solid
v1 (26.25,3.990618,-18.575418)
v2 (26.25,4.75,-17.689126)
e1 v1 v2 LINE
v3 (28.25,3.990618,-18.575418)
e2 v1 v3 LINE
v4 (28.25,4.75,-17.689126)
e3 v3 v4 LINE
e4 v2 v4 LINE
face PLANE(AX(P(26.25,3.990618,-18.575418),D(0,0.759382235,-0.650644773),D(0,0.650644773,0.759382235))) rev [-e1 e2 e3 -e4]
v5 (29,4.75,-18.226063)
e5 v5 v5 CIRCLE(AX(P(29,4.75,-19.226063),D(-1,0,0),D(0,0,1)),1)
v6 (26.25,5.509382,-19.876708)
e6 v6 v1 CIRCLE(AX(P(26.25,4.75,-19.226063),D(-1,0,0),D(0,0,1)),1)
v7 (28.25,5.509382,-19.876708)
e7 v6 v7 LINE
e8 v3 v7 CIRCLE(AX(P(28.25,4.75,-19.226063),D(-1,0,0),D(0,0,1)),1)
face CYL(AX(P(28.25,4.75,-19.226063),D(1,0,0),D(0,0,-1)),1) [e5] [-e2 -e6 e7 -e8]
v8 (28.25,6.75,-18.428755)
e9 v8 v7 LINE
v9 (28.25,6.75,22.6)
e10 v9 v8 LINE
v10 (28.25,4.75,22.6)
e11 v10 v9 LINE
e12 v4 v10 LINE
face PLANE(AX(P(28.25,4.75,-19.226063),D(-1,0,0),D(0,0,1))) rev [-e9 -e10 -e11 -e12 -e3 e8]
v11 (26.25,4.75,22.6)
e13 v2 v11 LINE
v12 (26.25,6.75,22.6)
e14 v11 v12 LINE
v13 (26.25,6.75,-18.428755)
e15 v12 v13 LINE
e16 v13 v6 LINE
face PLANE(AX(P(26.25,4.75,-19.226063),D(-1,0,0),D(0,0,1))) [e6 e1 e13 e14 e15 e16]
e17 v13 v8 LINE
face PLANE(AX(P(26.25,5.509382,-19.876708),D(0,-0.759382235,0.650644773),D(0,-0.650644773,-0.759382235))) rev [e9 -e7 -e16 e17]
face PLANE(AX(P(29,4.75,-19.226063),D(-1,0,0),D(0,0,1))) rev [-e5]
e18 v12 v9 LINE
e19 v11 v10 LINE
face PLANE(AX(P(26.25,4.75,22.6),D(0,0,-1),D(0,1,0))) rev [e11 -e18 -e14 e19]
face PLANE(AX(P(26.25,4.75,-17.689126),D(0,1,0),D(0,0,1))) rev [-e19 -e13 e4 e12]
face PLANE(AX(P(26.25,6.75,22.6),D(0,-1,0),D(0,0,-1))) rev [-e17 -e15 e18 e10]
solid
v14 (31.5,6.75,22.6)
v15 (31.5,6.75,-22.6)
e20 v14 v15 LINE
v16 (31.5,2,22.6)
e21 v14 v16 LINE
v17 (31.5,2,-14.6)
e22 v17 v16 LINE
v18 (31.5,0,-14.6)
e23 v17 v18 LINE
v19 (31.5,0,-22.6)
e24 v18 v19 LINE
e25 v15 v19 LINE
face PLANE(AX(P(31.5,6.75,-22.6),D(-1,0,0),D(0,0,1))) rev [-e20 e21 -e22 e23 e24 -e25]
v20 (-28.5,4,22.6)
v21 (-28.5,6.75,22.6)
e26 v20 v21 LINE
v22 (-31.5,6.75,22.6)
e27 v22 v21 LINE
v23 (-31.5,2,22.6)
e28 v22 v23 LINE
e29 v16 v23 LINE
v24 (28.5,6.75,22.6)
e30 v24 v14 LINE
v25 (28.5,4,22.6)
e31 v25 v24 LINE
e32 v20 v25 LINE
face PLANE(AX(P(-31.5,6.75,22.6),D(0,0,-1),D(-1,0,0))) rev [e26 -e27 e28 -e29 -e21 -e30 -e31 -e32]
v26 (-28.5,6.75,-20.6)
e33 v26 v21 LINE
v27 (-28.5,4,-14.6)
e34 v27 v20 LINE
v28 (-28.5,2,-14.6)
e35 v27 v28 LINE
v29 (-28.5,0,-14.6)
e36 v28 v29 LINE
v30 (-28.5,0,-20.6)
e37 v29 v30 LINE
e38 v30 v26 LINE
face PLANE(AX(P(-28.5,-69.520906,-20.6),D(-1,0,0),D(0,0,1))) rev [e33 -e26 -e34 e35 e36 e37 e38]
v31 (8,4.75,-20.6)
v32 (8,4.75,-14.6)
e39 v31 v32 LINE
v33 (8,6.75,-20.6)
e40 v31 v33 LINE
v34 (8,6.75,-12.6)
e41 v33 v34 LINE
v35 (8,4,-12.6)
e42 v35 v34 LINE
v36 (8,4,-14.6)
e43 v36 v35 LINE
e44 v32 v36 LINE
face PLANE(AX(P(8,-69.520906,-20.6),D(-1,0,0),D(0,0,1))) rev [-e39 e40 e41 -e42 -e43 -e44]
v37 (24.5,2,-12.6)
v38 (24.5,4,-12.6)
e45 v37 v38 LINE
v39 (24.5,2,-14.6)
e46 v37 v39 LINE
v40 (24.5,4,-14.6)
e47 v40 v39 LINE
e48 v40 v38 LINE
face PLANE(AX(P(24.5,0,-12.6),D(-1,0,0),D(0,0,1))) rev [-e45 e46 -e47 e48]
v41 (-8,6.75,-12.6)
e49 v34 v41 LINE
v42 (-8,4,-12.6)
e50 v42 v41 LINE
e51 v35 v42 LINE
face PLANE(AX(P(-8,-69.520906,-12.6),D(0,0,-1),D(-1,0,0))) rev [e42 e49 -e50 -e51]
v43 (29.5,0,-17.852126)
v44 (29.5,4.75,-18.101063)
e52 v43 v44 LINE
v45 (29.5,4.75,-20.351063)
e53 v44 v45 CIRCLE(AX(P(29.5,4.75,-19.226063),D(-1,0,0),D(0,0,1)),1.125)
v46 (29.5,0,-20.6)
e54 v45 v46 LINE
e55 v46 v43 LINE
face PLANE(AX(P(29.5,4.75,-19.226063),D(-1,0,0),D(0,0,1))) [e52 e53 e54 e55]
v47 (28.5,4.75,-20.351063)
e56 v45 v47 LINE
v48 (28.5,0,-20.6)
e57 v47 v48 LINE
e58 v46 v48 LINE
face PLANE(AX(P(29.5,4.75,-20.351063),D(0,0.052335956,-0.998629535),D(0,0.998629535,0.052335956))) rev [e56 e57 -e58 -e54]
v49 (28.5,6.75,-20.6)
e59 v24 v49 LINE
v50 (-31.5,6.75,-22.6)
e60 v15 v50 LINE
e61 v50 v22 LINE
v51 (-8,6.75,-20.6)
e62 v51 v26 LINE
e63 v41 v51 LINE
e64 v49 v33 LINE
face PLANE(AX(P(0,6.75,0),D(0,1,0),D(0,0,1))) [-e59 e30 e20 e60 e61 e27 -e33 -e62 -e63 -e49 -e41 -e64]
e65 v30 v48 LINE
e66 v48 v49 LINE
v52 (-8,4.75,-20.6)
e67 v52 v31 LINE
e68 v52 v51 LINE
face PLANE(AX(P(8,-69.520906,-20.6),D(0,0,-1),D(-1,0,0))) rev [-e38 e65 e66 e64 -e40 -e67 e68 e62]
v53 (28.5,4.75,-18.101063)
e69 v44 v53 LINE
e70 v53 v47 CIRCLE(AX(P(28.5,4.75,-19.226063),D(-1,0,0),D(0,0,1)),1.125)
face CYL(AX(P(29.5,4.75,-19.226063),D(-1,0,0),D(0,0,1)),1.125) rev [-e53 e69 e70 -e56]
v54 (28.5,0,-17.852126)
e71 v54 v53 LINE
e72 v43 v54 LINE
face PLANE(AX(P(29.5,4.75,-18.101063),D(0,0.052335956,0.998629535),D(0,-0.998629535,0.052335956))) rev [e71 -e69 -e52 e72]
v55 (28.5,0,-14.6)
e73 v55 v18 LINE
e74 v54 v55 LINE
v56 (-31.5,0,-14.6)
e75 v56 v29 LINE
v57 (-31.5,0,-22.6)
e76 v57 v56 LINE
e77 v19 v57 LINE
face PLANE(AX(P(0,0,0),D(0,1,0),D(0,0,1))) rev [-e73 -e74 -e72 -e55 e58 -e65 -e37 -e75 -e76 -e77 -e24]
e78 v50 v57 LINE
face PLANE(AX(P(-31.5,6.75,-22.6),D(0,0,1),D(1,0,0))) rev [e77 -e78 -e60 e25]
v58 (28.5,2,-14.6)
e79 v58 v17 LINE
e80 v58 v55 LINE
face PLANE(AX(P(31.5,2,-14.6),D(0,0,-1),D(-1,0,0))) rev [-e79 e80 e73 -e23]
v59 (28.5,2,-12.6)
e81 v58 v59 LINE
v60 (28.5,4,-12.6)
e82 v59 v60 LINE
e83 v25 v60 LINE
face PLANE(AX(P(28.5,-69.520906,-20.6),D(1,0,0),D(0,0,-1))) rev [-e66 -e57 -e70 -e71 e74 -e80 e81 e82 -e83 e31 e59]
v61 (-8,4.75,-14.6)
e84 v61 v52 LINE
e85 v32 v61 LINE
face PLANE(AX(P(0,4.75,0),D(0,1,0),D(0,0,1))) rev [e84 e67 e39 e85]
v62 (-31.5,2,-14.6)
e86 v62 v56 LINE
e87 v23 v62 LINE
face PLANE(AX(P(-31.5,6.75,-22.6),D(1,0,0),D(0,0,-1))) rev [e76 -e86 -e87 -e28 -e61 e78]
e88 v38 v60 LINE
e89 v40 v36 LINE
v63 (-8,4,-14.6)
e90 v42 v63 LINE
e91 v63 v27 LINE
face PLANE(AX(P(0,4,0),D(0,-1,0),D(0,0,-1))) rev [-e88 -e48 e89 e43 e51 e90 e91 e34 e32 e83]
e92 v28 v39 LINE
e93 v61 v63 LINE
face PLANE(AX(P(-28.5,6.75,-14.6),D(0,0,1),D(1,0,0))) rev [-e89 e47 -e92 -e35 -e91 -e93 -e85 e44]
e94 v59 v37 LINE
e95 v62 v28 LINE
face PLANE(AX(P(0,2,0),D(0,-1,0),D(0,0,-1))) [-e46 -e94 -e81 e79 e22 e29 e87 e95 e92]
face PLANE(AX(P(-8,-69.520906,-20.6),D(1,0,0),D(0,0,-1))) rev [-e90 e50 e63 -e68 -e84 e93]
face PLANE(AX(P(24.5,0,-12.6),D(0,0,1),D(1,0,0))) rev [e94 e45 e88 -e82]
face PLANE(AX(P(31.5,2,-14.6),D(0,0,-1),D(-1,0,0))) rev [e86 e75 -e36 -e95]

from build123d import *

# Parameters (mm, degrees)
SKETCH1_W           = 63
SKETCH1_H           = 45.2
BOSS_EXTRUDE1_DEPTH = 6.75
SKETCH2_W           = 63
SKETCH2_H           = 37.2
CUT_EXTRUDE1_DEPTH  = 2
CUT_EXTRUDE2_DEPTH  = 2.75
SKETCH4_W           = 20.5
SKETCH4_H           = 6
CUT_EXTRUDE3_DEPTH  = 40.351905926
SKETCH5_W           = 16
SKETCH5_H           = 6
CUT_EXTRUDE4_DEPTH  = 4.75
CUT_EXTRUDE5_DEPTH  = 1
BOSS_EXTRUDE2_START = 0.5
SKETCH7_R           = 1
BOSS_EXTRUDE2_DEPTH = 0.75
BOSS_EXTRUDE3_DEPTH = 2
CUT_EXTRUDE6_DEPTH  = 39.974478829


with BuildPart() as part:
    # Sketch1 → Boss-Extrude1 (new body)
    with BuildSketch(Plane(origin=(0, 0, 0), x_dir=(1, 0, 0), z_dir=(0, 1, 0))):
        Rectangle(SKETCH1_W, SKETCH1_H)
    extrude(amount=BOSS_EXTRUDE1_DEPTH)

    # Sketch2 → Cut-Extrude1 (cut)
    with BuildSketch(Plane.XZ):
        with Locations((0, 4)):
            Rectangle(SKETCH2_W, SKETCH2_H)
    extrude(amount=-CUT_EXTRUDE1_DEPTH, mode=Mode.SUBTRACT)

    # Sketch3 → Cut-Extrude2 (cut)
    with BuildSketch(Plane(origin=(0, 6.75, 0), x_dir=(1, 0, 0), z_dir=(0, 1, 0))):
        Polygon((-28.5, 20.6), (-8, 20.6), (-8, 12.6), (8, 12.6), (8, 20.6), (28.5, 20.6), (28.5, -22.6), (-28.5, -22.6), align=None)
    extrude(amount=-CUT_EXTRUDE2_DEPTH, mode=Mode.SUBTRACT)

    # Sketch4 → Cut-Extrude3 (cut, through all)
    with BuildSketch(Plane.XZ):
        with Locations((-18.25, -17.6)):
            Rectangle(SKETCH4_W, SKETCH4_H)
        with Locations((18.25, -17.6)):
            Rectangle(SKETCH4_W, SKETCH4_H)
    extrude(amount=-CUT_EXTRUDE3_DEPTH, mode=Mode.SUBTRACT)

    # Sketch5 → Cut-Extrude4 (cut)
    with BuildSketch(Plane.XZ):
        with Locations((0, -17.6)):
            Rectangle(SKETCH5_W, SKETCH5_H)
    extrude(amount=-CUT_EXTRUDE4_DEPTH, mode=Mode.SUBTRACT)

    # Sketch6 → Cut-Extrude5 (cut)
    with BuildSketch(Plane.ZY.offset(-28.5)):
        with BuildLine():
            Line((-20.351063048, 4.75), (-20.6, 0))
            Line((-20.6, 0), (-17.852126097, 0))
            Line((-17.852126097, 0), (-18.101063048, 4.75))
            ThreePointArc((-18.101063048, 4.75), (-19.226063048, 5.875), (-20.351063048, 4.75))
        make_face()
    extrude(amount=-CUT_EXTRUDE5_DEPTH, mode=Mode.SUBTRACT)

    # Sketch9 → Cut-Extrude6 (cut, through all)
    with BuildSketch(Plane(origin=(0, 4, 0), x_dir=(1, 0, 0), z_dir=(0, 1, 0))):
        Polygon((8, 20.6), (28.5, 20.6), (28.5, 12.6), (24.5, 12.6), (24.5, 14.6), (8, 14.6), align=None)
    extrude(amount=-CUT_EXTRUDE6_DEPTH, mode=Mode.SUBTRACT)


with BuildPart() as body_2:
    # Sketch7 → Boss-Extrude2 (new body)
    with BuildSketch(Plane.ZY.offset(-29.5).offset(BOSS_EXTRUDE2_START)):
        with Locations((-19.226063048, 4.75)):
            Circle(SKETCH7_R)
    extrude(amount=BOSS_EXTRUDE2_DEPTH)

    # Sketch8 → Boss-Extrude3 (add)
    with BuildSketch(Plane.ZY.offset(-28.25)):
        with BuildLine():
            Line((-19.876707821, 5.509382235), (-18.428754759, 6.75))
            Line((-18.428754759, 6.75), (22.6, 6.75))
            Line((22.6, 6.75), (22.6, 4.75))
            Line((22.6, 4.75), (-17.689126087, 4.75))
            Line((-17.689126087, 4.75), (-18.575418276, 3.990617765))
            ThreePointArc((-18.575418276, 3.990617765), (-19.985445284, 4.099355227), (-19.876707821, 5.509382235))
        make_face()
    extrude(amount=BOSS_EXTRUDE3_DEPTH)


solid = Compound([part.part, body_2.part])
